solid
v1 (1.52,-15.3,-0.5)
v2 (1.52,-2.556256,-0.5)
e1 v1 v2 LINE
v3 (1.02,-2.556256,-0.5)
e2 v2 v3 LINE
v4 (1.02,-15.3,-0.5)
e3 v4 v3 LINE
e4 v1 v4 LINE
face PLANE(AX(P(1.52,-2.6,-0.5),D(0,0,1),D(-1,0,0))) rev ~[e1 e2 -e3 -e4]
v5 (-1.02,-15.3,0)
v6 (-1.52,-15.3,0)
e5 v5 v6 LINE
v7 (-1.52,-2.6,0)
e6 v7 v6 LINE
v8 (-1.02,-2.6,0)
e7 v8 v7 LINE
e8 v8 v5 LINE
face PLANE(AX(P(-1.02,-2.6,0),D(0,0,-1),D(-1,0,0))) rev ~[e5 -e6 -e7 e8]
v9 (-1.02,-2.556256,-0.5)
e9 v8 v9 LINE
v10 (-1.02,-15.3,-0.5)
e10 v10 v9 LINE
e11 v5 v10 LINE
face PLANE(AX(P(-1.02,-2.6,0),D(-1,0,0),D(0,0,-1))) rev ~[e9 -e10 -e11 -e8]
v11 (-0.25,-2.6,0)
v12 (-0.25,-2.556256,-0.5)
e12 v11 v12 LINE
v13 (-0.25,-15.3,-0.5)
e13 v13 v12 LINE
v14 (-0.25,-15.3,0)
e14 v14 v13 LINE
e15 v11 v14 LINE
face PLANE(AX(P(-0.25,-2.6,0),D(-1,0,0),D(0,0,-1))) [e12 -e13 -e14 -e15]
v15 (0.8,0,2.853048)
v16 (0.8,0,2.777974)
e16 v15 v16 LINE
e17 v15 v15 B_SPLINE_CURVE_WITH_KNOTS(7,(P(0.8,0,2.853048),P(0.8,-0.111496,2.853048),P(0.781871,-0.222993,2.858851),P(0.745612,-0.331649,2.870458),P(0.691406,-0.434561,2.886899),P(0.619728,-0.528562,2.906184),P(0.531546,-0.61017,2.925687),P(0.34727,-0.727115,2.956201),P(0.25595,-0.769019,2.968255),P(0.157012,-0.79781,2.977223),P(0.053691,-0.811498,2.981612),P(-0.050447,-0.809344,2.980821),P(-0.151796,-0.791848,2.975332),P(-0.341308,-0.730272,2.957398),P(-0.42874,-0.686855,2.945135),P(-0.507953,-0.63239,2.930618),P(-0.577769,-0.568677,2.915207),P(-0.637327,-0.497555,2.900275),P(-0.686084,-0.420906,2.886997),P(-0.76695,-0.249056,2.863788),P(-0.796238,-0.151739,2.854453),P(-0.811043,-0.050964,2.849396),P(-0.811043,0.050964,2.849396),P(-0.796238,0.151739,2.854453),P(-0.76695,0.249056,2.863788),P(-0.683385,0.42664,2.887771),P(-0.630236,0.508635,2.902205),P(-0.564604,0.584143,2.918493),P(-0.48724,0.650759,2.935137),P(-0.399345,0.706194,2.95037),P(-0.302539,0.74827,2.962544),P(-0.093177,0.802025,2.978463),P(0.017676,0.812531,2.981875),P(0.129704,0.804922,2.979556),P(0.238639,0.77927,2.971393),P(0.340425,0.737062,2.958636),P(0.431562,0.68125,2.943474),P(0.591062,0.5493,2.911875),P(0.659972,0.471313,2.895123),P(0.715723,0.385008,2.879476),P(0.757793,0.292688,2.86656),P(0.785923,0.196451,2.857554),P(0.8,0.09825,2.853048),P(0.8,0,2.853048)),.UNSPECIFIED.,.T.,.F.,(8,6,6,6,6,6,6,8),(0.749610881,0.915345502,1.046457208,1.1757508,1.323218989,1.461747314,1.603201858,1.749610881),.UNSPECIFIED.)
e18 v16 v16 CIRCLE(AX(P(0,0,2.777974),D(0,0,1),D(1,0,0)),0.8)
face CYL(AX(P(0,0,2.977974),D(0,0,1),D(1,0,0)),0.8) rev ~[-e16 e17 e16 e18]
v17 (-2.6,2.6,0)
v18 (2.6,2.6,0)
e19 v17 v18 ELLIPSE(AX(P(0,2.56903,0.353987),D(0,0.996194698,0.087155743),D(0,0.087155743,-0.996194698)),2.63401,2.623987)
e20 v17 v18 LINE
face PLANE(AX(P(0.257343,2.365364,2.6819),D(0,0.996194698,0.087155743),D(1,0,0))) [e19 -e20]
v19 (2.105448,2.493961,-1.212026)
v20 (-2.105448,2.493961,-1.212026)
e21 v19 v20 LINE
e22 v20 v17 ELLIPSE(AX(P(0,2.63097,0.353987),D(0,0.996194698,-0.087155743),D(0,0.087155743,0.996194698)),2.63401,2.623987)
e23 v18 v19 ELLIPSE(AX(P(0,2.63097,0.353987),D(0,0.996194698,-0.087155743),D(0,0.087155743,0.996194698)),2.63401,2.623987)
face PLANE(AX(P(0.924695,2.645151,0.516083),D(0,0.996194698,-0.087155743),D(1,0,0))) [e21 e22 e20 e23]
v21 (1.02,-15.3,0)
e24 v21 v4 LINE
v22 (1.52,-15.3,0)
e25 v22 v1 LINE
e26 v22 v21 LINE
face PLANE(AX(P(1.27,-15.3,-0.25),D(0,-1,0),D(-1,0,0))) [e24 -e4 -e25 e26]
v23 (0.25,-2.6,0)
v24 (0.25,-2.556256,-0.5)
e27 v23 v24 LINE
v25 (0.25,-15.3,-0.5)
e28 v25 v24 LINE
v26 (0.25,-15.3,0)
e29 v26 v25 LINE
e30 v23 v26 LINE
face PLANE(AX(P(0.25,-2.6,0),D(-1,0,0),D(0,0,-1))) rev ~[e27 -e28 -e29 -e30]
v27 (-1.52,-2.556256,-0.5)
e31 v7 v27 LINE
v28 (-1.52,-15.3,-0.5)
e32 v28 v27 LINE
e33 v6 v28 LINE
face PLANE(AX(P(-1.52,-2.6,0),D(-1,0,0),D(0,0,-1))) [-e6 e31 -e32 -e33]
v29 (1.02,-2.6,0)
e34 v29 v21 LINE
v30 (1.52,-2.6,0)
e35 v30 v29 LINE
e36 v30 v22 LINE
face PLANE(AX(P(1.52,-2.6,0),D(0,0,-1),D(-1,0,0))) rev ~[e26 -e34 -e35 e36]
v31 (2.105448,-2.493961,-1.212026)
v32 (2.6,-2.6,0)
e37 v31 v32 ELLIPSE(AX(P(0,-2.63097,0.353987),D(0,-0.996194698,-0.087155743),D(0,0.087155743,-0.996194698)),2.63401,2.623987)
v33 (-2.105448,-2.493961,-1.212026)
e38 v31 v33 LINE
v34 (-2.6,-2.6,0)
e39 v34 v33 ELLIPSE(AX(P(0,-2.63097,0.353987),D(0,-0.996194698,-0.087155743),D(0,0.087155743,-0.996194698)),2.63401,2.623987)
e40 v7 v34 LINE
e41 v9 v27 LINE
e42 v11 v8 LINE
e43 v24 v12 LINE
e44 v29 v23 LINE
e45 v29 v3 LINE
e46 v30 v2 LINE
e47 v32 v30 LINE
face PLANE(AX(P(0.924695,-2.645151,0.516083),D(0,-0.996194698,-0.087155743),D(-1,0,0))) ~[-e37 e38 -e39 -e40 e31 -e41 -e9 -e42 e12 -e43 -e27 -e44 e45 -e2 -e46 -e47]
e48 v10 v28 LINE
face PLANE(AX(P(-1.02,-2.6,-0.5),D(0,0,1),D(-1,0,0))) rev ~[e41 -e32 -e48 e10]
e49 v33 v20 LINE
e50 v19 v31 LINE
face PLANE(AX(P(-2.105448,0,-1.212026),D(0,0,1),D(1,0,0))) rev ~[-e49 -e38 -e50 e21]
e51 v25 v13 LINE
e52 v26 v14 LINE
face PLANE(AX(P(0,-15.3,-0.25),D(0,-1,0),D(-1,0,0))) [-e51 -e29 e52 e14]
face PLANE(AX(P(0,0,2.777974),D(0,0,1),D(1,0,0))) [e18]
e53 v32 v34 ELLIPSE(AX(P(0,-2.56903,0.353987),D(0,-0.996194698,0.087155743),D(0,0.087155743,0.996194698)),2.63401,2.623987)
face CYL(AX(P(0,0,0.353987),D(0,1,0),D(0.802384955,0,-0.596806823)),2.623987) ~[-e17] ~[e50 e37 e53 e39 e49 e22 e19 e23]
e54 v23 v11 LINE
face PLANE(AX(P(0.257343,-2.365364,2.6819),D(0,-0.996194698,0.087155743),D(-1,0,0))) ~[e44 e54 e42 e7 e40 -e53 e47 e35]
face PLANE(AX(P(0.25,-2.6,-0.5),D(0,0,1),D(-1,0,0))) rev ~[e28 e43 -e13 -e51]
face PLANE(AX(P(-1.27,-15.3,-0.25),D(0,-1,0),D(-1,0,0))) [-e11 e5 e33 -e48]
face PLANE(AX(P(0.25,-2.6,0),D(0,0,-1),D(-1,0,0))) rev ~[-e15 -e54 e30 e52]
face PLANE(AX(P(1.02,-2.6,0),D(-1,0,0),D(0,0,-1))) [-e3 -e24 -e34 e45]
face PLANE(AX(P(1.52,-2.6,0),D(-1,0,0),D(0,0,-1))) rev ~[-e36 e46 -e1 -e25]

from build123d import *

# Parameters (mm, degrees)
BOSS_EXTRUDE1_DEPTH             = 2.6
SKETCH5_W                       = 11.826356456
SKETCH5_H                       = 5.621169426
CUT_EXTRUDE2_DEPTH              = 7.632050589
SKETCH6_W                       = 11.690711404
SKETCH6_H                       = 7.254613366
CUT_EXTRUDE3_DEPTH              = 5.2
SKETCH7_W                       = 0.5
SKETCH7_H                       = 0.5
BOSS_EXTRUDE2_DEPTH             = 12.7
BOSS_EXTRUDE2_DIRECTION_2_REACH = 8.542
SKETCH8_R                       = 0.8
CUT_EXTRUDE4_DEPTH              = 0.2


with BuildPart() as part:
    # Sketch2 → Boss-Extrude1 (new, symmetric)
    with BuildSketch(Plane(origin=(0, 0, 0), x_dir=(1, 0, 0), z_dir=(0, 1, 0))):
        with BuildLine():
            Line((-2.105447518, 1.212026432), (2.105447518, 1.212026432))
            ThreePointArc((2.105447518, 1.212026432), (0, -2.977973568), (-2.105447518, 1.212026432))
        make_face()
    extrude(amount=BOSS_EXTRUDE1_DEPTH, both=True)

    # Sketch5 → Cut-Extrude2 (cut, through all)
    with BuildSketch(Plane(origin=(0, 2.580250079, -0.225742631), x_dir=(1, 0, 0), z_dir=(0, 0.9961946980917455, -0.08715574274765836))):
        with Locations((0.924694538, -0.744658901)):
            Rectangle(SKETCH5_W, SKETCH5_H)
    cut_extrude2 = extrude(amount=CUT_EXTRUDE2_DEPTH, mode=Mode.SUBTRACT)

    # Sketch6 → Cut-Extrude3 (cut)
    with BuildSketch(Plane(origin=(0, 2.580250079, 0.225742631), x_dir=(1, 0, 0), z_dir=(0, 0.9961946980917467, 0.08715574274764504))):
        with Locations((0.257342704, -2.465539164)):
            Rectangle(SKETCH6_W, SKETCH6_H)
    cut_extrude3 = extrude(amount=CUT_EXTRUDE3_DEPTH, mode=Mode.SUBTRACT)

    # Mirror1: Cut-Extrude2, Cut-Extrude3 across plane
    add(cut_extrude2.mirror(Plane.ZX), mode=Mode.SUBTRACT)
    add(cut_extrude3.mirror(Plane.ZX), mode=Mode.SUBTRACT)


with BuildPart() as boss_extrude2_tool:
    # Sketch7 → Boss-Extrude2 (new body)
    with BuildSketch(Plane(origin=(0, -2.6, 0), x_dir=(-1, 0, 0), z_dir=(0, -1, 0))):
        with Locations((-1.27, 0.25)):
            Rectangle(SKETCH7_W, SKETCH7_H)
        with Locations((0, 0.25)):
            Rectangle(SKETCH7_W, SKETCH7_H)
        with Locations((1.27, 0.25)):
            Rectangle(SKETCH7_W, SKETCH7_H)
    extrude(amount=BOSS_EXTRUDE2_DEPTH)


with BuildPart() as part_1:
    add(part.part)


with BuildPart() as part_2:
    # Boss-Extrude2: joined with boss_extrude2_tool
    add(part_1.part.fuse(boss_extrude2_tool.part, tol=0.00001))

    # Sketch7 → Boss-Extrude2 direction 2 (add, up to next)
    with BuildSketch(Plane(origin=(0, -2.6, 0), x_dir=(-1, 0, 0), z_dir=(0, -1, 0)), mode=Mode.PRIVATE) as boss_extrude2_direction_2_sk1:
        with Locations((-1.27, 0.25)):
            Rectangle(SKETCH7_W, SKETCH7_H)
    boss_extrude2_direction_2_tool1 = extrude(boss_extrude2_direction_2_sk1.sketch, amount=-BOSS_EXTRUDE2_DIRECTION_2_REACH, mode=Mode.PRIVATE) - part_2.part
    # Sketch7 → Boss-Extrude2 direction 2 (add, up to next)
    with BuildSketch(Plane(origin=(0, -2.6, 0), x_dir=(-1, 0, 0), z_dir=(0, -1, 0)), mode=Mode.PRIVATE) as boss_extrude2_direction_2_sk2:
        with Locations((0, 0.25)):
            Rectangle(SKETCH7_W, SKETCH7_H)
    boss_extrude2_direction_2_tool2 = extrude(boss_extrude2_direction_2_sk2.sketch, amount=-BOSS_EXTRUDE2_DIRECTION_2_REACH, mode=Mode.PRIVATE) - part_2.part
    # Sketch7 → Boss-Extrude2 direction 2 (add, up to next)
    with BuildSketch(Plane(origin=(0, -2.6, 0), x_dir=(-1, 0, 0), z_dir=(0, -1, 0)), mode=Mode.PRIVATE) as boss_extrude2_direction_2_sk3:
        with Locations((1.27, 0.25)):
            Rectangle(SKETCH7_W, SKETCH7_H)
    boss_extrude2_direction_2_tool3 = extrude(boss_extrude2_direction_2_sk3.sketch, amount=-BOSS_EXTRUDE2_DIRECTION_2_REACH, mode=Mode.PRIVATE) - part_2.part
    add(boss_extrude2_direction_2_tool1.solids().sort_by_distance((1.27, -2.6, -0.25))[0])
    add(boss_extrude2_direction_2_tool2.solids().sort_by_distance((0, -2.6, -0.25))[0])
    add(boss_extrude2_direction_2_tool3.solids().sort_by_distance((-1.27, -2.6, -0.25))[0])

    # Sketch8 → Cut-Extrude4 (cut)
    with BuildSketch(Plane.XY.offset(2.977973568)):
        Circle(SKETCH8_R)
    extrude(amount=-CUT_EXTRUDE4_DEPTH, mode=Mode.SUBTRACT)


solid = part_2.part
